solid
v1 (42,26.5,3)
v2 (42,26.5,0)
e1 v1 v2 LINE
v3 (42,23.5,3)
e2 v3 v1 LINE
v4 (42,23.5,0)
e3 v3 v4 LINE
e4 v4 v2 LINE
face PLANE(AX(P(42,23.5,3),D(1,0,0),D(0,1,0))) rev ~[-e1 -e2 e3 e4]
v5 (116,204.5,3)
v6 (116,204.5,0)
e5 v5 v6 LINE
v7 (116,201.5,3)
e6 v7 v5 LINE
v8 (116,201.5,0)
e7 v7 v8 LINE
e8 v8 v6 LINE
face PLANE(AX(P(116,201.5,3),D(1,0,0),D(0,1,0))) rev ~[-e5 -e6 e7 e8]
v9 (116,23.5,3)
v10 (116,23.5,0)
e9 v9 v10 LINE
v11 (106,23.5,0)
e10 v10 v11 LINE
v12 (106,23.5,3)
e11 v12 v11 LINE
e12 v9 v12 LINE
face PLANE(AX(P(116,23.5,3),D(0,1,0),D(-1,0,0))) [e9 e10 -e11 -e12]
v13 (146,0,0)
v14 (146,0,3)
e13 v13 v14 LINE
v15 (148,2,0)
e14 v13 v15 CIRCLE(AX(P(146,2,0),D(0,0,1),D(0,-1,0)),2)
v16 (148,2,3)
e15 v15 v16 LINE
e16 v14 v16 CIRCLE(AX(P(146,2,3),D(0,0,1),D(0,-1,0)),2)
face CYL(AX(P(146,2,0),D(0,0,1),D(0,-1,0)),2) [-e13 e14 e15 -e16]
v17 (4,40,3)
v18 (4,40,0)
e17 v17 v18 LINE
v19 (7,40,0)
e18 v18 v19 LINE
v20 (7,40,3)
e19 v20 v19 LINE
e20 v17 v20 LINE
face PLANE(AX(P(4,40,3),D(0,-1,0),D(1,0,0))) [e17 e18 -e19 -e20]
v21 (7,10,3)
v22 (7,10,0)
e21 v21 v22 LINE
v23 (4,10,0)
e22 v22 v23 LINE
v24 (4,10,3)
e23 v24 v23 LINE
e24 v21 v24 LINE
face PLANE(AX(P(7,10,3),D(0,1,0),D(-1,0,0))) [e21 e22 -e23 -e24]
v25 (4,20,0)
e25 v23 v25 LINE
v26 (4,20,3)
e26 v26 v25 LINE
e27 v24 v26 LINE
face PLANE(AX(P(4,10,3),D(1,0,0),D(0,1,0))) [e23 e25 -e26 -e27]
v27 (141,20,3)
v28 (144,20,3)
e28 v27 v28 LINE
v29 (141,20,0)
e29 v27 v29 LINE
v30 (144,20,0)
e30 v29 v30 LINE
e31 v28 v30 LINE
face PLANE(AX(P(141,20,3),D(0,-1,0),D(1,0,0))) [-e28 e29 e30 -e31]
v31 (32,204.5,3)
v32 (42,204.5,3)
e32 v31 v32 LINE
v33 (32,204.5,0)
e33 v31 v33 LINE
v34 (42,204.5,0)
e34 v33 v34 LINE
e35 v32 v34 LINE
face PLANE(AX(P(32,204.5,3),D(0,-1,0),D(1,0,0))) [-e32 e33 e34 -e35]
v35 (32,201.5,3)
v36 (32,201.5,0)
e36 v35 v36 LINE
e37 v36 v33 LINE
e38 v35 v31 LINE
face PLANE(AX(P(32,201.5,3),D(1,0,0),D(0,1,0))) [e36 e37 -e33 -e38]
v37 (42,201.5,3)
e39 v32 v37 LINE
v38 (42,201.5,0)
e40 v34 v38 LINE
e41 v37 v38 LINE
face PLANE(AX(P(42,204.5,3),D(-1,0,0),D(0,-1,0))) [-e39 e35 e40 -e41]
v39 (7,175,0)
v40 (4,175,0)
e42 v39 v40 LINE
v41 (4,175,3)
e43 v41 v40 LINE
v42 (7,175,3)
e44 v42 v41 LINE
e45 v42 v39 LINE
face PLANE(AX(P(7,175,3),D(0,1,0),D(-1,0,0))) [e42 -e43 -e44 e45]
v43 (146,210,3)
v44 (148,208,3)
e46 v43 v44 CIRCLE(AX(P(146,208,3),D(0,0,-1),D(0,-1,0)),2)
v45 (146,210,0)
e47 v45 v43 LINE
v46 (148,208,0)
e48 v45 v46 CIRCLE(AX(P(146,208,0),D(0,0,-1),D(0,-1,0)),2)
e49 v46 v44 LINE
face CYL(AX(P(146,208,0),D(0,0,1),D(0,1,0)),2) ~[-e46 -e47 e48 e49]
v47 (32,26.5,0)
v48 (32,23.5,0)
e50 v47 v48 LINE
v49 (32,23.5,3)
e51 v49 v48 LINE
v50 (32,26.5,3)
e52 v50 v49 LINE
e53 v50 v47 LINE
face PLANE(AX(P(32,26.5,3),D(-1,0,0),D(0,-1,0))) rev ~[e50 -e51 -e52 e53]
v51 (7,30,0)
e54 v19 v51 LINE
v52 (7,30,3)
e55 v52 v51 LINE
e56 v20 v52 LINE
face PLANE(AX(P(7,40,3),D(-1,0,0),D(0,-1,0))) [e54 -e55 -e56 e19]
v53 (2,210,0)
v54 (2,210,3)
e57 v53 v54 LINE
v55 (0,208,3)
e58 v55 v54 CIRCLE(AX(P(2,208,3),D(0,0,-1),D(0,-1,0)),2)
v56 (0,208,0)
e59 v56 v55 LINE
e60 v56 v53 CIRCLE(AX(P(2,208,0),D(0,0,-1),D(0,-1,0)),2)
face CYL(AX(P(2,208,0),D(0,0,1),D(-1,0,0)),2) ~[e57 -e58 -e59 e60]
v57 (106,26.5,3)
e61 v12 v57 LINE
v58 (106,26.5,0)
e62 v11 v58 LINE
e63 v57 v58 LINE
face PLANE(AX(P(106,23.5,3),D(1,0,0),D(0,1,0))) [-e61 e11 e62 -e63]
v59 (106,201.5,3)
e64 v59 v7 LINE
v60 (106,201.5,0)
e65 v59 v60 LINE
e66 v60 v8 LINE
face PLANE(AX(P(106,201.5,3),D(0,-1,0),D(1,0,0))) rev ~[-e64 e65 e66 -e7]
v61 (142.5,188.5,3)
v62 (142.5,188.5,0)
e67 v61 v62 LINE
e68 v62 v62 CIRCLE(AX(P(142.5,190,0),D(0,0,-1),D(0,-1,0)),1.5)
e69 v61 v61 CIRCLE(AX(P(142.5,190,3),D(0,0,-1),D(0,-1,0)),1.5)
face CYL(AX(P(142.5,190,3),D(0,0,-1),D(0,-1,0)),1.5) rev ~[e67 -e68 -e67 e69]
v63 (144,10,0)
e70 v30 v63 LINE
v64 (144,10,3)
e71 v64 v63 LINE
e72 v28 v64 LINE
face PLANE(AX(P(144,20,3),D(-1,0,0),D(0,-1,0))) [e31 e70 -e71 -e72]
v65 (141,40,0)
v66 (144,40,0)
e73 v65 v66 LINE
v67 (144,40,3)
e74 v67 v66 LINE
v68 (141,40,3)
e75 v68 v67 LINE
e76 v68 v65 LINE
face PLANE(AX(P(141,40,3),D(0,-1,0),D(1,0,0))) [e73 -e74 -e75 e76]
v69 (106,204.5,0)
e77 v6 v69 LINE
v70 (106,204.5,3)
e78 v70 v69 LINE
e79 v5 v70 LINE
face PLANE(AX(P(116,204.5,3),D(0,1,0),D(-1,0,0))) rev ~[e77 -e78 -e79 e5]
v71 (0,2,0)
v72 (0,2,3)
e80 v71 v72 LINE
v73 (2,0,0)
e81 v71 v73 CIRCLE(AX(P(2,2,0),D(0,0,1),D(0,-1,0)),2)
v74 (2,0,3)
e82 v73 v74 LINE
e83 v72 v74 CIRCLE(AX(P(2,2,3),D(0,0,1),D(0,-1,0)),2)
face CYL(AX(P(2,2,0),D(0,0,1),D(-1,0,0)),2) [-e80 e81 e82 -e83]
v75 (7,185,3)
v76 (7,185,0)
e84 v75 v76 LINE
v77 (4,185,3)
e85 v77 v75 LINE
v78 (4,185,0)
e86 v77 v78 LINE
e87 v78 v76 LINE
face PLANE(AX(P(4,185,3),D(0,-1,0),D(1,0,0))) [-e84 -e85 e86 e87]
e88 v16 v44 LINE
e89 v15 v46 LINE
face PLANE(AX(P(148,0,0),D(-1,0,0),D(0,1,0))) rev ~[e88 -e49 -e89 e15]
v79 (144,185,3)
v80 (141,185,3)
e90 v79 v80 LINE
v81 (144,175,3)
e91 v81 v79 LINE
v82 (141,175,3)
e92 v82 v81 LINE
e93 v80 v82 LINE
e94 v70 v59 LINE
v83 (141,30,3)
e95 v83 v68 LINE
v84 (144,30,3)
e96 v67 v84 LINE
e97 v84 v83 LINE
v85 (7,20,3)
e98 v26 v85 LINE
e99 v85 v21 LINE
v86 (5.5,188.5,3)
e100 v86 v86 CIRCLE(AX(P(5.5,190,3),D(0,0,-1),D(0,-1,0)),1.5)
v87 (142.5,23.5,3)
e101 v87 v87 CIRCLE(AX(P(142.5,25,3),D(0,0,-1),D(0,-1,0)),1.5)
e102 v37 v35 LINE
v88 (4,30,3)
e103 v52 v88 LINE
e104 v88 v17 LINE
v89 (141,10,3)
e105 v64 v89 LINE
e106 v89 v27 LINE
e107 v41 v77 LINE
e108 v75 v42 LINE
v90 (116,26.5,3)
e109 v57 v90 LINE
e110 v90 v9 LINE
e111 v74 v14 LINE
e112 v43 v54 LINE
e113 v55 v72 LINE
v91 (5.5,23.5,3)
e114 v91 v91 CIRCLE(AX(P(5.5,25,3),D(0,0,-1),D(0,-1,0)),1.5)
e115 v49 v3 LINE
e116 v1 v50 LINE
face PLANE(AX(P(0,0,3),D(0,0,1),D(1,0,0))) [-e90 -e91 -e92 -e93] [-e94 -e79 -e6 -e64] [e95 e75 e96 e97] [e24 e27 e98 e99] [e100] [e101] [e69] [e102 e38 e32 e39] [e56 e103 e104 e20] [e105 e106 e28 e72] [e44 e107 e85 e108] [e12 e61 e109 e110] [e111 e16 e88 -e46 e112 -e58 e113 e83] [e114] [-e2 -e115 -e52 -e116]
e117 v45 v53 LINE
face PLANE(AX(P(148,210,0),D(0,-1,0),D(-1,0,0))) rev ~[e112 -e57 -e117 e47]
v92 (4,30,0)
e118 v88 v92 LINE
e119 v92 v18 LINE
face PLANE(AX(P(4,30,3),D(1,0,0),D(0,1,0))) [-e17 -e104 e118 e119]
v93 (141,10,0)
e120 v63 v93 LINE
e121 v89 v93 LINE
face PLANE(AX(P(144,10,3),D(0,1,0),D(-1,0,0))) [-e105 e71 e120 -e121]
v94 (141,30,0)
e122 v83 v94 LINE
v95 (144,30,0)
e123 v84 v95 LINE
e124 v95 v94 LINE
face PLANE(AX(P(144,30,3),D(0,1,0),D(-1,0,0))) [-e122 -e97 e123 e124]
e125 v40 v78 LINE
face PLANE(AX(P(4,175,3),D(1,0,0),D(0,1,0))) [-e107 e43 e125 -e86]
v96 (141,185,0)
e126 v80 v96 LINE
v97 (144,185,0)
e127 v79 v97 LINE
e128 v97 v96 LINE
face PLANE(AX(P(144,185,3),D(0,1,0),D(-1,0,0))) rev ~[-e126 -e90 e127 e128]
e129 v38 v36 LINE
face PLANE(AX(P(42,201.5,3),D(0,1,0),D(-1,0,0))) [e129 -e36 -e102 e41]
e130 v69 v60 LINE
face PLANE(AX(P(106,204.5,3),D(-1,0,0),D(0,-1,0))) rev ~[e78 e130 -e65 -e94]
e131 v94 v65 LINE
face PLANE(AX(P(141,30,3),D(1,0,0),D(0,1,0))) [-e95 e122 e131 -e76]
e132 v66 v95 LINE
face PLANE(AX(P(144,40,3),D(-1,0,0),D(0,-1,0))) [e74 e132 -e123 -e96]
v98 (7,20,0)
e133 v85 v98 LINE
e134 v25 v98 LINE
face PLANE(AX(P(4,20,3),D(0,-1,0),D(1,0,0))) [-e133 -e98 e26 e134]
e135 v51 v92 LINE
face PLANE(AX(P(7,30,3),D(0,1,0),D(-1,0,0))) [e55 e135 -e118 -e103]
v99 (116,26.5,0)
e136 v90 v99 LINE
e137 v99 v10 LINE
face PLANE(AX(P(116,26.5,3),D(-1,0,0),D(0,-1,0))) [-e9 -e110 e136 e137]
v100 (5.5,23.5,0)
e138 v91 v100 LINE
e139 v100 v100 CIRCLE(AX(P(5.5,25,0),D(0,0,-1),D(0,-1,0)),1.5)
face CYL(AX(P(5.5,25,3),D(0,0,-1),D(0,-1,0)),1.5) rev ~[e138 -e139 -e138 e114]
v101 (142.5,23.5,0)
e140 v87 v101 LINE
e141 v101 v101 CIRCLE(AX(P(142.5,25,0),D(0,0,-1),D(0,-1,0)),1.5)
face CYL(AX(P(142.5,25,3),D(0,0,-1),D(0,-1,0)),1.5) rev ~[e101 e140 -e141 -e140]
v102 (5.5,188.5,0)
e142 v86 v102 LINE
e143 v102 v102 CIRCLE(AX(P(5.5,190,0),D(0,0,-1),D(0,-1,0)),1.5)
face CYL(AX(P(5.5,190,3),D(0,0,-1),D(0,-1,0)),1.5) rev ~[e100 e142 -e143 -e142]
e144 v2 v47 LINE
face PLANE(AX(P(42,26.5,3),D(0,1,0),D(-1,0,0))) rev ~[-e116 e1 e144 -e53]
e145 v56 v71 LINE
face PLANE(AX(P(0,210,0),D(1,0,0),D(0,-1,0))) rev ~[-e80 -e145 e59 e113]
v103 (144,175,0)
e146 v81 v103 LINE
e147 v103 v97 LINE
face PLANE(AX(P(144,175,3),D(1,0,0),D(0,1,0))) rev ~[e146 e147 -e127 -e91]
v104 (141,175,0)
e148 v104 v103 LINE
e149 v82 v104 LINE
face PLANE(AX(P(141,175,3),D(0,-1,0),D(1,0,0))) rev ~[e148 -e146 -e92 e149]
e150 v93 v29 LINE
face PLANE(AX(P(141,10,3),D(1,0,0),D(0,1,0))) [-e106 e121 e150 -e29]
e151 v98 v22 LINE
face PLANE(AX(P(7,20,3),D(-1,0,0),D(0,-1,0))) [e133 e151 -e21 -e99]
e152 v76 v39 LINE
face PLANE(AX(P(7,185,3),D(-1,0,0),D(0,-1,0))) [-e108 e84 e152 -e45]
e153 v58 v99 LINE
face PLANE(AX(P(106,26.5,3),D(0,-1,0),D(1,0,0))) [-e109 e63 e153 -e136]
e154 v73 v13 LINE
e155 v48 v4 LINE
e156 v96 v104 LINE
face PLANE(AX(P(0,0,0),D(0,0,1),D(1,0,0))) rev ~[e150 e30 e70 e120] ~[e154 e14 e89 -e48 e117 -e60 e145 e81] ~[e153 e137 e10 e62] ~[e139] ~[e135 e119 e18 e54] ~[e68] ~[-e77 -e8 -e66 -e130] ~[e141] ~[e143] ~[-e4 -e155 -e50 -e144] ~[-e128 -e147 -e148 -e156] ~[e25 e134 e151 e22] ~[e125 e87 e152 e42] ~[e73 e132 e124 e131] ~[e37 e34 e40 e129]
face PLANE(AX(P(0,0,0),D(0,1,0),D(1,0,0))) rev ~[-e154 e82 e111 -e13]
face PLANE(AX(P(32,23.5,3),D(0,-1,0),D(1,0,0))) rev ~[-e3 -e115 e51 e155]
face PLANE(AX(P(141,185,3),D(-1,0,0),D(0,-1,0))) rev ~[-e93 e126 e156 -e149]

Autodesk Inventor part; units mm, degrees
ref_plane "YZ Plane" through (0, 0, 0) normal (1, 0, 0) x (0, 1, 0)
ref_plane "XZ Plane" through (0, 0, 0) normal (0, 1, 0) x (-1, 0, 0)
ref_plane "XY Plane" through (0, 0, 0) normal (0, 0, 1) x (1, 0, 0)
sketch "Sketch1" plane through (0, 0, 0) normal (0, 0, 1) x (1, 0, 0)
  line L0 (0, 0) -> (148, 0)
  line L1 (148, 0) -> (148, 210)
  line L2 (148, 210) -> (0, 210)
  line L3 (0, 210) -> (0, 0)
  dimension "d0" = 148
  dimension "d1" = 210
extrude "Extrusion1" add sketch "Sketch1" along normal blind 3
sketch "Sketch2" plane through (0, 0, 3) normal (0, 0, 1) x (1, 0, 0)
  line L0 (0, 0) -> (0, 210) projected
  line L1 (148, 0) -> (0, 0) projected
  line L2 (148, 210) -> (148, 0) projected
  line L3 (0, 210) -> (148, 210) projected
  line L4 (4, 185) -> (7, 185)
  line L5 (7, 185) -> (7, 175)
  line L6 (7, 175) -> (4, 175)
  line L7 (4, 175) -> (4, 185)
  line L8 (4, 40) -> (7, 40)
  line L9 (7, 40) -> (7, 30)
  line L10 (7, 30) -> (4, 30)
  line L11 (4, 30) -> (4, 40)
  line L12 (4, 20) -> (7, 20)
  line L13 (7, 20) -> (7, 10)
  line L14 (7, 10) -> (4, 10)
  line L15 (4, 10) -> (4, 20)
  line L16 (141, 175) -> (144, 175)
  line L17 (144, 175) -> (144, 185)
  line L18 (144, 185) -> (141, 185)
  line L19 (141, 185) -> (141, 175)
  line L20 (141, 40) -> (144, 40)
  line L21 (144, 40) -> (144, 30)
  line L22 (144, 30) -> (141, 30)
  line L23 (141, 30) -> (141, 40)
  line L24 (141, 20) -> (144, 20)
  line L25 (144, 20) -> (144, 10)
  line L26 (144, 10) -> (141, 10)
  line L27 (141, 10) -> (141, 20)
  dimension "d4" = 4
  dimension "d5" = 3
  dimension "d6" = 10
  dimension "d7" = 25
  dimension "d10" = 10
  dimension "d11" = 10
  dimension "d12" = 10
  dimension "d13" = 10
  dimension "d14" = 3
  dimension "d15" = 4
  dimension "d17" = 10
  dimension "d18" = 10
  dimension "d19" = 10
  dimension "d43" = 4
  dimension "d44" = 4
  dimension "d45" = 3
  dimension "d46" = 3
  dimension "d51" = 4
  dimension "d52" = 3
  dimension "d165" = 10
  dimension "d166" = 25
  dimension "d169" = 3
extrude "Extrusion2" cut sketch "Sketch2" against normal through all contours L4 L5 L6 L7 | L8 L9 L10 L11 | L12 L13 L14 L15 | L19 L18 L17 L16 | L20 L21 L22 L23 | L24 L25 L26 L27
sketch "Sketch3" plane through (0, 0, 3) normal (0, 0, 1) x (1, 0, 0)
  line L0 (7, 30) -> (4, 30) projected
  line L1 (0, 210) -> (148, 210) projected
  line L2 (4, 175) -> (4, 185) projected
  line L3 (141, 175) -> (141, 185) projected
  line L4 (7, 40) -> (7, 30) projected
  point P0 (5.5, 190)
  point P1 (142.5, 190)
  point P2 (5.5, 25)
  point P3 (142.5, 25)
  point P4 (141, 30)
  dimension "d24" = 5
  dimension "d54" = 1.5
  dimension "d162" = 20
  dimension "d163" = 20
  dimension "d167" = 1.5
  dimension "d168" = 1.5
  dimension "d170" = 1.5
hole "Hole1" at (5.5, 190, 3) at (142.5, 190, 3) at (5.5, 25, 3) at (142.5, 25, 3) direction (0, 0, -1) diameter 3 end through all
sketch "草圖12" plane through (0, 0, 3) normal (0, 0, 1) x (1, 0, 0)
  line L0 (0, 0) -> (0, 210) projected
  line L1 (148, 0) -> (0, 0) projected
  line L2 (148, 210) -> (148, 0) projected
  line L3 (0, 210) -> (148, 210) projected
  line L4 (32, 204.5) -> (42, 204.5)
  line L5 (42, 204.5) -> (42, 201.5)
  line L6 (42, 201.5) -> (32, 201.5)
  line L7 (32, 201.5) -> (32, 204.5)
  line L8 (106, 201.5) -> (116, 201.5)
  line L9 (116, 201.5) -> (116, 204.5)
  line L10 (116, 204.5) -> (106, 204.5)
  line L11 (106, 204.5) -> (106, 201.5)
  line L12 (32, 23.5) -> (42, 23.5)
  line L13 (42, 23.5) -> (42, 26.5)
  line L14 (42, 26.5) -> (32, 26.5)
  line L15 (32, 26.5) -> (32, 23.5)
  line L16 (106, 26.5) -> (116, 26.5)
  line L17 (116, 26.5) -> (116, 23.5)
  line L18 (116, 23.5) -> (106, 23.5)
  line L19 (106, 23.5) -> (106, 26.5)
  dimension "d148" = 3
  dimension "d150" = 10
  dimension "d151" = 32
  dimension "d152" = 5.5
  dimension "d153" = 10
  dimension "d154" = 32
  dimension "d155" = 3
  dimension "d156" = 23.5
  dimension "d157" = 32
  dimension "d158" = 32
extrude "擠出5" cut sketch "草圖12" against normal through all contours L4 L5 L6 L7 | L11 L10 L9 L8 | L15 L14 L13 L12 | L16 L17 L18 L19
fillet "圓角3" radius 2 4 edges at (0, 0, 1.5) (148, 0, 1.5) (0, 210, 1.5) (148, 210, 1.5)
properties part number "plastic_part_1"
